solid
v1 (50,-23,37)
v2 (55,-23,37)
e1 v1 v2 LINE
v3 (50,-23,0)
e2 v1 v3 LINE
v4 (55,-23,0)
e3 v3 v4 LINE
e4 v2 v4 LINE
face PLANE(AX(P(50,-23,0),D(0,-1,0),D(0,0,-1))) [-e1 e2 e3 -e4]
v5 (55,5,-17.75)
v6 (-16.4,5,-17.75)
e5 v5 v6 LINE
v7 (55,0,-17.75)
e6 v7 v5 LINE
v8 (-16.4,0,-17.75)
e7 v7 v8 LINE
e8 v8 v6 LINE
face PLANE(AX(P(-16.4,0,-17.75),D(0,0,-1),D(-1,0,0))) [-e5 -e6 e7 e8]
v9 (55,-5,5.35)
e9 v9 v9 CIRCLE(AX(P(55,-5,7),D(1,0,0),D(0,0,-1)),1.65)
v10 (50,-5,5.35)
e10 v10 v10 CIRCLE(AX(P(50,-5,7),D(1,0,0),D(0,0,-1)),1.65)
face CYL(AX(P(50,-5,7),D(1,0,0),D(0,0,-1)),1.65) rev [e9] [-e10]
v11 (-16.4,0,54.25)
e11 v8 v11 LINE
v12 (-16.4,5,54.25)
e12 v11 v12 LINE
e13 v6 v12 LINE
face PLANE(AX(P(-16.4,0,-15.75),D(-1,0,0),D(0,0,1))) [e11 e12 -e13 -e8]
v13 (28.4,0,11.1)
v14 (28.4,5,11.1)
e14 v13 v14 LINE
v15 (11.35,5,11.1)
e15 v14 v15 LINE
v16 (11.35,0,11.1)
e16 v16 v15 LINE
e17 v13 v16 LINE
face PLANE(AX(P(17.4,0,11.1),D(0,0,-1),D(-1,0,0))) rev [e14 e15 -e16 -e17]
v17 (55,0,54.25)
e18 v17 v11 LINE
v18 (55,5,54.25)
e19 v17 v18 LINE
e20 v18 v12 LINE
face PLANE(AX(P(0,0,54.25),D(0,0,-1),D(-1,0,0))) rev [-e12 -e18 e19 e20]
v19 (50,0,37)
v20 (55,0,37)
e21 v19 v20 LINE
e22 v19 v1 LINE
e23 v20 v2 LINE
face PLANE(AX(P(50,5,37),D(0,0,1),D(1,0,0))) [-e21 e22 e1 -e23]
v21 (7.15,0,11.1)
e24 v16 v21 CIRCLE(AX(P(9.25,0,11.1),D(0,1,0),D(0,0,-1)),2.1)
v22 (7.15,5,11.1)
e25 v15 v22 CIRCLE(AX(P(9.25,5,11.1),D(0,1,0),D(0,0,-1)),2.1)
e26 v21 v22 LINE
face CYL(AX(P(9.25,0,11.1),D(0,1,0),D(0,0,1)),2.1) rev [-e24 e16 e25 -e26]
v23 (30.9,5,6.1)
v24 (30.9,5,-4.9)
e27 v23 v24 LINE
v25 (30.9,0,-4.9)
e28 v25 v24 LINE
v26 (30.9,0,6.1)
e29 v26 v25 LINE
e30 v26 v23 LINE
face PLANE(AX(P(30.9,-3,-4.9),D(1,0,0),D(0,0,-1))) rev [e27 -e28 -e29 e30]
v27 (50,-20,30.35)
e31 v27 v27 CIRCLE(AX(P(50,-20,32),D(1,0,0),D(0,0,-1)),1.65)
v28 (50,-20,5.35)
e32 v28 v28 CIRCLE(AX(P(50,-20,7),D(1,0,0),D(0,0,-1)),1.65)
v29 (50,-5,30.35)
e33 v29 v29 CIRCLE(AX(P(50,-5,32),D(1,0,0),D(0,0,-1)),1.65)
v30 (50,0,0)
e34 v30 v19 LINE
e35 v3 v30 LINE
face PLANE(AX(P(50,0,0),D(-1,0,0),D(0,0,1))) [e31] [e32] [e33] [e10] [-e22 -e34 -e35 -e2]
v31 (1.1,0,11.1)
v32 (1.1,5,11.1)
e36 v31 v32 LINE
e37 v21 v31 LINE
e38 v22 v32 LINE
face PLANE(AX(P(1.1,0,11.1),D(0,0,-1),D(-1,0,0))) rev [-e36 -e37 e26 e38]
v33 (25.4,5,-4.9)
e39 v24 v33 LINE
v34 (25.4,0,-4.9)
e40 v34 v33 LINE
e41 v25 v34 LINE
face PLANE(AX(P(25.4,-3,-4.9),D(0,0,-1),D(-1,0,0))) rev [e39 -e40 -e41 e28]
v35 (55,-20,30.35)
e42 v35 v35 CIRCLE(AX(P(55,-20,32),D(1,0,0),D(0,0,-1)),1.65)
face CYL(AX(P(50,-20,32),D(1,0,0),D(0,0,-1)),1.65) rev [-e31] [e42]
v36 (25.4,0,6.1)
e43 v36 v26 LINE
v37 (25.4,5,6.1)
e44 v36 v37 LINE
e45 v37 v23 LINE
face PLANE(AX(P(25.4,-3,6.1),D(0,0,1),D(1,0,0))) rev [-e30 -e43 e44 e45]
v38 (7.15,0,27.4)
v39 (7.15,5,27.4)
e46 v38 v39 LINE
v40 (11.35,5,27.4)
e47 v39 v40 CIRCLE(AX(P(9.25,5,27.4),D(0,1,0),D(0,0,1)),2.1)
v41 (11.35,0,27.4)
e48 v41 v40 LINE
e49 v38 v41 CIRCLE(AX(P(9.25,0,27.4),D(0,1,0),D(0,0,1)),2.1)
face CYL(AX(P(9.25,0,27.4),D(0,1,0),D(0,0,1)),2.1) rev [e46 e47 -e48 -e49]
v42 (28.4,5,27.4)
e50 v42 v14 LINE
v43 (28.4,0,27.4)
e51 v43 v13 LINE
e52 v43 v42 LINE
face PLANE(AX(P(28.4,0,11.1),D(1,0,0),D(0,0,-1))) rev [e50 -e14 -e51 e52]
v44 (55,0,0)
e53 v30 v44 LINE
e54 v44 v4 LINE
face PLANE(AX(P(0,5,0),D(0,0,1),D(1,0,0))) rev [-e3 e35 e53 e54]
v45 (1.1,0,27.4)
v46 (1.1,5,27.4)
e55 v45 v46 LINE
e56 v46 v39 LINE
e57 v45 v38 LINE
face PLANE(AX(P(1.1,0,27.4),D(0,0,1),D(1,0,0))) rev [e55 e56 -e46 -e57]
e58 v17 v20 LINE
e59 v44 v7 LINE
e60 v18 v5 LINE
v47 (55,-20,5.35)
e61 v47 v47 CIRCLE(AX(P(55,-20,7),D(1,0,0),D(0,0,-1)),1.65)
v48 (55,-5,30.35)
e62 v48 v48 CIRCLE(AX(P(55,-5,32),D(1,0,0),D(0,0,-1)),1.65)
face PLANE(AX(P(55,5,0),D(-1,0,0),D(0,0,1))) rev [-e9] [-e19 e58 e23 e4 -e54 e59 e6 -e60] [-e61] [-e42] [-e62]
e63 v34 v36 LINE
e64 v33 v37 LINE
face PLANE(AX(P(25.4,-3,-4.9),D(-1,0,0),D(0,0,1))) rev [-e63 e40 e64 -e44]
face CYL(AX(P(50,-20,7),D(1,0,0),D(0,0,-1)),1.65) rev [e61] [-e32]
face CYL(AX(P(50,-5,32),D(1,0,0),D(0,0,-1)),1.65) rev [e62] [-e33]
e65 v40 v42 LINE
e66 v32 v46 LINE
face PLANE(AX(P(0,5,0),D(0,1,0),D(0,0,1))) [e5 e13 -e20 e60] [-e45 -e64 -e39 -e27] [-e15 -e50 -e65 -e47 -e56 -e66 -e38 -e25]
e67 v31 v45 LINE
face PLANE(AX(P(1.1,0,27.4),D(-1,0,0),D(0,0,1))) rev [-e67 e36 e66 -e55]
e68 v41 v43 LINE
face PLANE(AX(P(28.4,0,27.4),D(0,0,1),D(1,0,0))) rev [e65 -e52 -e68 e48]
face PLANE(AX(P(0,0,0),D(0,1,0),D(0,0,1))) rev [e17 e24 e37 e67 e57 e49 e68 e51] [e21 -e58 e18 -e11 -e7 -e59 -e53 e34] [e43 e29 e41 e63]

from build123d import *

# Parameters (mm, degrees)
SKETCH_1_W          = 55
SKETCH_1_H          = 70
EXTRUDE_1_DEPTH     = 5
SKETCH_2_W          = 37
SKETCH_2_H          = 28
EXTRUDE_2_DEPTH     = 5
SKETCH_3_R          = 1.65
CUT_EXTRUDE_1_DEPTH = 5
SKETCH_5_W          = 55
SKETCH_5_H          = 15.75
EXTRUDE_3_DEPTH     = 5
SKETCH_6_W          = 55
SKETCH_6_H          = 15.75
CUT_EXTRUDE_2_DEPTH = 5
CUT_EXTRUDE_3_DEPTH = 5
SKETCH_9_W          = 5.5
SKETCH_9_H          = 11
CUT_EXTRUDE_4_DEPTH = 8
SKETCH_11_W         = 16.4
SKETCH_11_H         = 70
EXTRUDE_4_DEPTH     = 5
SKETCH_12_W         = 71.4
SKETCH_12_H         = 2
EXTRUDE_5_DEPTH     = 5


with BuildPart() as part:
    # 草图1 → 凸台-拉伸1 (new body)
    with BuildSketch(Plane(origin=(0, 0, 0), x_dir=(1, 0, 0), z_dir=(0, 1, 0))):
        with Locations((27.5, -35)):
            Rectangle(SKETCH_1_W, SKETCH_1_H)
    extrude(amount=EXTRUDE_1_DEPTH)

    # 草图2 → 凸台-拉伸2 (add)
    with BuildSketch(Plane(origin=(55, 0, 0), x_dir=(0, 0, -1), z_dir=(1, 0, 0))):
        with Locations((-18.5, -9)):
            Rectangle(SKETCH_2_W, SKETCH_2_H)
    extrude(amount=-EXTRUDE_2_DEPTH)

    # 草图3 → 切除-拉伸1 (cut)
    with BuildSketch(Plane(origin=(55, 0, 0), x_dir=(0, 0, -1), z_dir=(1, 0, 0))):
        with Locations((-7, -5)):
            Circle(SKETCH_3_R)
        with Locations((-32, -5)):
            Circle(SKETCH_3_R)
        with Locations((-32, -20)):
            Circle(SKETCH_3_R)
        with Locations((-7, -20)):
            Circle(SKETCH_3_R)
    extrude(amount=-CUT_EXTRUDE_1_DEPTH, mode=Mode.SUBTRACT)

    # 草图5 → 凸台-拉伸3 (add)
    with BuildSketch(Plane(origin=(0, 5, 0), x_dir=(1, 0, 0), z_dir=(0, 1, 0))):
        with Locations((27.5, 7.875)):
            Rectangle(SKETCH_5_W, SKETCH_5_H)
    extrude(amount=-EXTRUDE_3_DEPTH)

    # 草图6 → 切除-拉伸2 (cut)
    with BuildSketch(Plane(origin=(0, 5, 0), x_dir=(1, 0, 0), z_dir=(0, 1, 0))):
        with Locations((27.5, -62.125)):
            Rectangle(SKETCH_6_W, SKETCH_6_H)
    extrude(amount=-CUT_EXTRUDE_2_DEPTH, mode=Mode.SUBTRACT)

    # 草图8 → 切除-拉伸3 (cut)
    with BuildSketch(Plane(origin=(0, 5, 0), x_dir=(1, 0, 0), z_dir=(0, 1, 0))):
        with BuildLine():
            Line((17.4, -11.1), (28.4, -11.1))
            Line((28.4, -11.1), (28.4, -27.4))
            Line((28.4, -27.4), (17.4, -27.4))
            Line((17.4, -27.4), (11.35, -27.4))
            ThreePointArc((11.35, -27.4), (9.25, -29.5), (7.15, -27.4))
            Line((7.15, -27.4), (1.1, -27.4))
            Line((1.1, -27.4), (1.1, -11.1))
            Line((1.1, -11.1), (7.15, -11.1))
            ThreePointArc((7.15, -11.1), (9.25, -9), (11.35, -11.1))
            Line((11.35, -11.1), (17.4, -11.1))
        make_face()
    extrude(amount=-CUT_EXTRUDE_3_DEPTH, mode=Mode.SUBTRACT)

    # 草图9 → 切除-拉伸4 (cut)
    with BuildSketch(Plane(origin=(0, 5, 0), x_dir=(1, 0, 0), z_dir=(0, 1, 0))):
        with Locations((28.15, -0.6)):
            Rectangle(SKETCH_9_W, SKETCH_9_H)
    extrude(amount=-CUT_EXTRUDE_4_DEPTH, mode=Mode.SUBTRACT)

    # 草图11 → 凸台-拉伸4 (add)
    with BuildSketch(Plane(origin=(0, 5, 0), x_dir=(1, 0, 0), z_dir=(0, 1, 0))):
        with Locations((-8.2, -19.25)):
            Rectangle(SKETCH_11_W, SKETCH_11_H)
    extrude(amount=-EXTRUDE_4_DEPTH)

    # 草图12 → 凸台-拉伸5 (add)
    with BuildSketch(Plane(origin=(0, 5, 0), x_dir=(1, 0, 0), z_dir=(0, 1, 0))):
        with Locations((19.3, 16.75)):
            Rectangle(SKETCH_12_W, SKETCH_12_H)
    extrude(amount=-EXTRUDE_5_DEPTH)


solid = part.part
